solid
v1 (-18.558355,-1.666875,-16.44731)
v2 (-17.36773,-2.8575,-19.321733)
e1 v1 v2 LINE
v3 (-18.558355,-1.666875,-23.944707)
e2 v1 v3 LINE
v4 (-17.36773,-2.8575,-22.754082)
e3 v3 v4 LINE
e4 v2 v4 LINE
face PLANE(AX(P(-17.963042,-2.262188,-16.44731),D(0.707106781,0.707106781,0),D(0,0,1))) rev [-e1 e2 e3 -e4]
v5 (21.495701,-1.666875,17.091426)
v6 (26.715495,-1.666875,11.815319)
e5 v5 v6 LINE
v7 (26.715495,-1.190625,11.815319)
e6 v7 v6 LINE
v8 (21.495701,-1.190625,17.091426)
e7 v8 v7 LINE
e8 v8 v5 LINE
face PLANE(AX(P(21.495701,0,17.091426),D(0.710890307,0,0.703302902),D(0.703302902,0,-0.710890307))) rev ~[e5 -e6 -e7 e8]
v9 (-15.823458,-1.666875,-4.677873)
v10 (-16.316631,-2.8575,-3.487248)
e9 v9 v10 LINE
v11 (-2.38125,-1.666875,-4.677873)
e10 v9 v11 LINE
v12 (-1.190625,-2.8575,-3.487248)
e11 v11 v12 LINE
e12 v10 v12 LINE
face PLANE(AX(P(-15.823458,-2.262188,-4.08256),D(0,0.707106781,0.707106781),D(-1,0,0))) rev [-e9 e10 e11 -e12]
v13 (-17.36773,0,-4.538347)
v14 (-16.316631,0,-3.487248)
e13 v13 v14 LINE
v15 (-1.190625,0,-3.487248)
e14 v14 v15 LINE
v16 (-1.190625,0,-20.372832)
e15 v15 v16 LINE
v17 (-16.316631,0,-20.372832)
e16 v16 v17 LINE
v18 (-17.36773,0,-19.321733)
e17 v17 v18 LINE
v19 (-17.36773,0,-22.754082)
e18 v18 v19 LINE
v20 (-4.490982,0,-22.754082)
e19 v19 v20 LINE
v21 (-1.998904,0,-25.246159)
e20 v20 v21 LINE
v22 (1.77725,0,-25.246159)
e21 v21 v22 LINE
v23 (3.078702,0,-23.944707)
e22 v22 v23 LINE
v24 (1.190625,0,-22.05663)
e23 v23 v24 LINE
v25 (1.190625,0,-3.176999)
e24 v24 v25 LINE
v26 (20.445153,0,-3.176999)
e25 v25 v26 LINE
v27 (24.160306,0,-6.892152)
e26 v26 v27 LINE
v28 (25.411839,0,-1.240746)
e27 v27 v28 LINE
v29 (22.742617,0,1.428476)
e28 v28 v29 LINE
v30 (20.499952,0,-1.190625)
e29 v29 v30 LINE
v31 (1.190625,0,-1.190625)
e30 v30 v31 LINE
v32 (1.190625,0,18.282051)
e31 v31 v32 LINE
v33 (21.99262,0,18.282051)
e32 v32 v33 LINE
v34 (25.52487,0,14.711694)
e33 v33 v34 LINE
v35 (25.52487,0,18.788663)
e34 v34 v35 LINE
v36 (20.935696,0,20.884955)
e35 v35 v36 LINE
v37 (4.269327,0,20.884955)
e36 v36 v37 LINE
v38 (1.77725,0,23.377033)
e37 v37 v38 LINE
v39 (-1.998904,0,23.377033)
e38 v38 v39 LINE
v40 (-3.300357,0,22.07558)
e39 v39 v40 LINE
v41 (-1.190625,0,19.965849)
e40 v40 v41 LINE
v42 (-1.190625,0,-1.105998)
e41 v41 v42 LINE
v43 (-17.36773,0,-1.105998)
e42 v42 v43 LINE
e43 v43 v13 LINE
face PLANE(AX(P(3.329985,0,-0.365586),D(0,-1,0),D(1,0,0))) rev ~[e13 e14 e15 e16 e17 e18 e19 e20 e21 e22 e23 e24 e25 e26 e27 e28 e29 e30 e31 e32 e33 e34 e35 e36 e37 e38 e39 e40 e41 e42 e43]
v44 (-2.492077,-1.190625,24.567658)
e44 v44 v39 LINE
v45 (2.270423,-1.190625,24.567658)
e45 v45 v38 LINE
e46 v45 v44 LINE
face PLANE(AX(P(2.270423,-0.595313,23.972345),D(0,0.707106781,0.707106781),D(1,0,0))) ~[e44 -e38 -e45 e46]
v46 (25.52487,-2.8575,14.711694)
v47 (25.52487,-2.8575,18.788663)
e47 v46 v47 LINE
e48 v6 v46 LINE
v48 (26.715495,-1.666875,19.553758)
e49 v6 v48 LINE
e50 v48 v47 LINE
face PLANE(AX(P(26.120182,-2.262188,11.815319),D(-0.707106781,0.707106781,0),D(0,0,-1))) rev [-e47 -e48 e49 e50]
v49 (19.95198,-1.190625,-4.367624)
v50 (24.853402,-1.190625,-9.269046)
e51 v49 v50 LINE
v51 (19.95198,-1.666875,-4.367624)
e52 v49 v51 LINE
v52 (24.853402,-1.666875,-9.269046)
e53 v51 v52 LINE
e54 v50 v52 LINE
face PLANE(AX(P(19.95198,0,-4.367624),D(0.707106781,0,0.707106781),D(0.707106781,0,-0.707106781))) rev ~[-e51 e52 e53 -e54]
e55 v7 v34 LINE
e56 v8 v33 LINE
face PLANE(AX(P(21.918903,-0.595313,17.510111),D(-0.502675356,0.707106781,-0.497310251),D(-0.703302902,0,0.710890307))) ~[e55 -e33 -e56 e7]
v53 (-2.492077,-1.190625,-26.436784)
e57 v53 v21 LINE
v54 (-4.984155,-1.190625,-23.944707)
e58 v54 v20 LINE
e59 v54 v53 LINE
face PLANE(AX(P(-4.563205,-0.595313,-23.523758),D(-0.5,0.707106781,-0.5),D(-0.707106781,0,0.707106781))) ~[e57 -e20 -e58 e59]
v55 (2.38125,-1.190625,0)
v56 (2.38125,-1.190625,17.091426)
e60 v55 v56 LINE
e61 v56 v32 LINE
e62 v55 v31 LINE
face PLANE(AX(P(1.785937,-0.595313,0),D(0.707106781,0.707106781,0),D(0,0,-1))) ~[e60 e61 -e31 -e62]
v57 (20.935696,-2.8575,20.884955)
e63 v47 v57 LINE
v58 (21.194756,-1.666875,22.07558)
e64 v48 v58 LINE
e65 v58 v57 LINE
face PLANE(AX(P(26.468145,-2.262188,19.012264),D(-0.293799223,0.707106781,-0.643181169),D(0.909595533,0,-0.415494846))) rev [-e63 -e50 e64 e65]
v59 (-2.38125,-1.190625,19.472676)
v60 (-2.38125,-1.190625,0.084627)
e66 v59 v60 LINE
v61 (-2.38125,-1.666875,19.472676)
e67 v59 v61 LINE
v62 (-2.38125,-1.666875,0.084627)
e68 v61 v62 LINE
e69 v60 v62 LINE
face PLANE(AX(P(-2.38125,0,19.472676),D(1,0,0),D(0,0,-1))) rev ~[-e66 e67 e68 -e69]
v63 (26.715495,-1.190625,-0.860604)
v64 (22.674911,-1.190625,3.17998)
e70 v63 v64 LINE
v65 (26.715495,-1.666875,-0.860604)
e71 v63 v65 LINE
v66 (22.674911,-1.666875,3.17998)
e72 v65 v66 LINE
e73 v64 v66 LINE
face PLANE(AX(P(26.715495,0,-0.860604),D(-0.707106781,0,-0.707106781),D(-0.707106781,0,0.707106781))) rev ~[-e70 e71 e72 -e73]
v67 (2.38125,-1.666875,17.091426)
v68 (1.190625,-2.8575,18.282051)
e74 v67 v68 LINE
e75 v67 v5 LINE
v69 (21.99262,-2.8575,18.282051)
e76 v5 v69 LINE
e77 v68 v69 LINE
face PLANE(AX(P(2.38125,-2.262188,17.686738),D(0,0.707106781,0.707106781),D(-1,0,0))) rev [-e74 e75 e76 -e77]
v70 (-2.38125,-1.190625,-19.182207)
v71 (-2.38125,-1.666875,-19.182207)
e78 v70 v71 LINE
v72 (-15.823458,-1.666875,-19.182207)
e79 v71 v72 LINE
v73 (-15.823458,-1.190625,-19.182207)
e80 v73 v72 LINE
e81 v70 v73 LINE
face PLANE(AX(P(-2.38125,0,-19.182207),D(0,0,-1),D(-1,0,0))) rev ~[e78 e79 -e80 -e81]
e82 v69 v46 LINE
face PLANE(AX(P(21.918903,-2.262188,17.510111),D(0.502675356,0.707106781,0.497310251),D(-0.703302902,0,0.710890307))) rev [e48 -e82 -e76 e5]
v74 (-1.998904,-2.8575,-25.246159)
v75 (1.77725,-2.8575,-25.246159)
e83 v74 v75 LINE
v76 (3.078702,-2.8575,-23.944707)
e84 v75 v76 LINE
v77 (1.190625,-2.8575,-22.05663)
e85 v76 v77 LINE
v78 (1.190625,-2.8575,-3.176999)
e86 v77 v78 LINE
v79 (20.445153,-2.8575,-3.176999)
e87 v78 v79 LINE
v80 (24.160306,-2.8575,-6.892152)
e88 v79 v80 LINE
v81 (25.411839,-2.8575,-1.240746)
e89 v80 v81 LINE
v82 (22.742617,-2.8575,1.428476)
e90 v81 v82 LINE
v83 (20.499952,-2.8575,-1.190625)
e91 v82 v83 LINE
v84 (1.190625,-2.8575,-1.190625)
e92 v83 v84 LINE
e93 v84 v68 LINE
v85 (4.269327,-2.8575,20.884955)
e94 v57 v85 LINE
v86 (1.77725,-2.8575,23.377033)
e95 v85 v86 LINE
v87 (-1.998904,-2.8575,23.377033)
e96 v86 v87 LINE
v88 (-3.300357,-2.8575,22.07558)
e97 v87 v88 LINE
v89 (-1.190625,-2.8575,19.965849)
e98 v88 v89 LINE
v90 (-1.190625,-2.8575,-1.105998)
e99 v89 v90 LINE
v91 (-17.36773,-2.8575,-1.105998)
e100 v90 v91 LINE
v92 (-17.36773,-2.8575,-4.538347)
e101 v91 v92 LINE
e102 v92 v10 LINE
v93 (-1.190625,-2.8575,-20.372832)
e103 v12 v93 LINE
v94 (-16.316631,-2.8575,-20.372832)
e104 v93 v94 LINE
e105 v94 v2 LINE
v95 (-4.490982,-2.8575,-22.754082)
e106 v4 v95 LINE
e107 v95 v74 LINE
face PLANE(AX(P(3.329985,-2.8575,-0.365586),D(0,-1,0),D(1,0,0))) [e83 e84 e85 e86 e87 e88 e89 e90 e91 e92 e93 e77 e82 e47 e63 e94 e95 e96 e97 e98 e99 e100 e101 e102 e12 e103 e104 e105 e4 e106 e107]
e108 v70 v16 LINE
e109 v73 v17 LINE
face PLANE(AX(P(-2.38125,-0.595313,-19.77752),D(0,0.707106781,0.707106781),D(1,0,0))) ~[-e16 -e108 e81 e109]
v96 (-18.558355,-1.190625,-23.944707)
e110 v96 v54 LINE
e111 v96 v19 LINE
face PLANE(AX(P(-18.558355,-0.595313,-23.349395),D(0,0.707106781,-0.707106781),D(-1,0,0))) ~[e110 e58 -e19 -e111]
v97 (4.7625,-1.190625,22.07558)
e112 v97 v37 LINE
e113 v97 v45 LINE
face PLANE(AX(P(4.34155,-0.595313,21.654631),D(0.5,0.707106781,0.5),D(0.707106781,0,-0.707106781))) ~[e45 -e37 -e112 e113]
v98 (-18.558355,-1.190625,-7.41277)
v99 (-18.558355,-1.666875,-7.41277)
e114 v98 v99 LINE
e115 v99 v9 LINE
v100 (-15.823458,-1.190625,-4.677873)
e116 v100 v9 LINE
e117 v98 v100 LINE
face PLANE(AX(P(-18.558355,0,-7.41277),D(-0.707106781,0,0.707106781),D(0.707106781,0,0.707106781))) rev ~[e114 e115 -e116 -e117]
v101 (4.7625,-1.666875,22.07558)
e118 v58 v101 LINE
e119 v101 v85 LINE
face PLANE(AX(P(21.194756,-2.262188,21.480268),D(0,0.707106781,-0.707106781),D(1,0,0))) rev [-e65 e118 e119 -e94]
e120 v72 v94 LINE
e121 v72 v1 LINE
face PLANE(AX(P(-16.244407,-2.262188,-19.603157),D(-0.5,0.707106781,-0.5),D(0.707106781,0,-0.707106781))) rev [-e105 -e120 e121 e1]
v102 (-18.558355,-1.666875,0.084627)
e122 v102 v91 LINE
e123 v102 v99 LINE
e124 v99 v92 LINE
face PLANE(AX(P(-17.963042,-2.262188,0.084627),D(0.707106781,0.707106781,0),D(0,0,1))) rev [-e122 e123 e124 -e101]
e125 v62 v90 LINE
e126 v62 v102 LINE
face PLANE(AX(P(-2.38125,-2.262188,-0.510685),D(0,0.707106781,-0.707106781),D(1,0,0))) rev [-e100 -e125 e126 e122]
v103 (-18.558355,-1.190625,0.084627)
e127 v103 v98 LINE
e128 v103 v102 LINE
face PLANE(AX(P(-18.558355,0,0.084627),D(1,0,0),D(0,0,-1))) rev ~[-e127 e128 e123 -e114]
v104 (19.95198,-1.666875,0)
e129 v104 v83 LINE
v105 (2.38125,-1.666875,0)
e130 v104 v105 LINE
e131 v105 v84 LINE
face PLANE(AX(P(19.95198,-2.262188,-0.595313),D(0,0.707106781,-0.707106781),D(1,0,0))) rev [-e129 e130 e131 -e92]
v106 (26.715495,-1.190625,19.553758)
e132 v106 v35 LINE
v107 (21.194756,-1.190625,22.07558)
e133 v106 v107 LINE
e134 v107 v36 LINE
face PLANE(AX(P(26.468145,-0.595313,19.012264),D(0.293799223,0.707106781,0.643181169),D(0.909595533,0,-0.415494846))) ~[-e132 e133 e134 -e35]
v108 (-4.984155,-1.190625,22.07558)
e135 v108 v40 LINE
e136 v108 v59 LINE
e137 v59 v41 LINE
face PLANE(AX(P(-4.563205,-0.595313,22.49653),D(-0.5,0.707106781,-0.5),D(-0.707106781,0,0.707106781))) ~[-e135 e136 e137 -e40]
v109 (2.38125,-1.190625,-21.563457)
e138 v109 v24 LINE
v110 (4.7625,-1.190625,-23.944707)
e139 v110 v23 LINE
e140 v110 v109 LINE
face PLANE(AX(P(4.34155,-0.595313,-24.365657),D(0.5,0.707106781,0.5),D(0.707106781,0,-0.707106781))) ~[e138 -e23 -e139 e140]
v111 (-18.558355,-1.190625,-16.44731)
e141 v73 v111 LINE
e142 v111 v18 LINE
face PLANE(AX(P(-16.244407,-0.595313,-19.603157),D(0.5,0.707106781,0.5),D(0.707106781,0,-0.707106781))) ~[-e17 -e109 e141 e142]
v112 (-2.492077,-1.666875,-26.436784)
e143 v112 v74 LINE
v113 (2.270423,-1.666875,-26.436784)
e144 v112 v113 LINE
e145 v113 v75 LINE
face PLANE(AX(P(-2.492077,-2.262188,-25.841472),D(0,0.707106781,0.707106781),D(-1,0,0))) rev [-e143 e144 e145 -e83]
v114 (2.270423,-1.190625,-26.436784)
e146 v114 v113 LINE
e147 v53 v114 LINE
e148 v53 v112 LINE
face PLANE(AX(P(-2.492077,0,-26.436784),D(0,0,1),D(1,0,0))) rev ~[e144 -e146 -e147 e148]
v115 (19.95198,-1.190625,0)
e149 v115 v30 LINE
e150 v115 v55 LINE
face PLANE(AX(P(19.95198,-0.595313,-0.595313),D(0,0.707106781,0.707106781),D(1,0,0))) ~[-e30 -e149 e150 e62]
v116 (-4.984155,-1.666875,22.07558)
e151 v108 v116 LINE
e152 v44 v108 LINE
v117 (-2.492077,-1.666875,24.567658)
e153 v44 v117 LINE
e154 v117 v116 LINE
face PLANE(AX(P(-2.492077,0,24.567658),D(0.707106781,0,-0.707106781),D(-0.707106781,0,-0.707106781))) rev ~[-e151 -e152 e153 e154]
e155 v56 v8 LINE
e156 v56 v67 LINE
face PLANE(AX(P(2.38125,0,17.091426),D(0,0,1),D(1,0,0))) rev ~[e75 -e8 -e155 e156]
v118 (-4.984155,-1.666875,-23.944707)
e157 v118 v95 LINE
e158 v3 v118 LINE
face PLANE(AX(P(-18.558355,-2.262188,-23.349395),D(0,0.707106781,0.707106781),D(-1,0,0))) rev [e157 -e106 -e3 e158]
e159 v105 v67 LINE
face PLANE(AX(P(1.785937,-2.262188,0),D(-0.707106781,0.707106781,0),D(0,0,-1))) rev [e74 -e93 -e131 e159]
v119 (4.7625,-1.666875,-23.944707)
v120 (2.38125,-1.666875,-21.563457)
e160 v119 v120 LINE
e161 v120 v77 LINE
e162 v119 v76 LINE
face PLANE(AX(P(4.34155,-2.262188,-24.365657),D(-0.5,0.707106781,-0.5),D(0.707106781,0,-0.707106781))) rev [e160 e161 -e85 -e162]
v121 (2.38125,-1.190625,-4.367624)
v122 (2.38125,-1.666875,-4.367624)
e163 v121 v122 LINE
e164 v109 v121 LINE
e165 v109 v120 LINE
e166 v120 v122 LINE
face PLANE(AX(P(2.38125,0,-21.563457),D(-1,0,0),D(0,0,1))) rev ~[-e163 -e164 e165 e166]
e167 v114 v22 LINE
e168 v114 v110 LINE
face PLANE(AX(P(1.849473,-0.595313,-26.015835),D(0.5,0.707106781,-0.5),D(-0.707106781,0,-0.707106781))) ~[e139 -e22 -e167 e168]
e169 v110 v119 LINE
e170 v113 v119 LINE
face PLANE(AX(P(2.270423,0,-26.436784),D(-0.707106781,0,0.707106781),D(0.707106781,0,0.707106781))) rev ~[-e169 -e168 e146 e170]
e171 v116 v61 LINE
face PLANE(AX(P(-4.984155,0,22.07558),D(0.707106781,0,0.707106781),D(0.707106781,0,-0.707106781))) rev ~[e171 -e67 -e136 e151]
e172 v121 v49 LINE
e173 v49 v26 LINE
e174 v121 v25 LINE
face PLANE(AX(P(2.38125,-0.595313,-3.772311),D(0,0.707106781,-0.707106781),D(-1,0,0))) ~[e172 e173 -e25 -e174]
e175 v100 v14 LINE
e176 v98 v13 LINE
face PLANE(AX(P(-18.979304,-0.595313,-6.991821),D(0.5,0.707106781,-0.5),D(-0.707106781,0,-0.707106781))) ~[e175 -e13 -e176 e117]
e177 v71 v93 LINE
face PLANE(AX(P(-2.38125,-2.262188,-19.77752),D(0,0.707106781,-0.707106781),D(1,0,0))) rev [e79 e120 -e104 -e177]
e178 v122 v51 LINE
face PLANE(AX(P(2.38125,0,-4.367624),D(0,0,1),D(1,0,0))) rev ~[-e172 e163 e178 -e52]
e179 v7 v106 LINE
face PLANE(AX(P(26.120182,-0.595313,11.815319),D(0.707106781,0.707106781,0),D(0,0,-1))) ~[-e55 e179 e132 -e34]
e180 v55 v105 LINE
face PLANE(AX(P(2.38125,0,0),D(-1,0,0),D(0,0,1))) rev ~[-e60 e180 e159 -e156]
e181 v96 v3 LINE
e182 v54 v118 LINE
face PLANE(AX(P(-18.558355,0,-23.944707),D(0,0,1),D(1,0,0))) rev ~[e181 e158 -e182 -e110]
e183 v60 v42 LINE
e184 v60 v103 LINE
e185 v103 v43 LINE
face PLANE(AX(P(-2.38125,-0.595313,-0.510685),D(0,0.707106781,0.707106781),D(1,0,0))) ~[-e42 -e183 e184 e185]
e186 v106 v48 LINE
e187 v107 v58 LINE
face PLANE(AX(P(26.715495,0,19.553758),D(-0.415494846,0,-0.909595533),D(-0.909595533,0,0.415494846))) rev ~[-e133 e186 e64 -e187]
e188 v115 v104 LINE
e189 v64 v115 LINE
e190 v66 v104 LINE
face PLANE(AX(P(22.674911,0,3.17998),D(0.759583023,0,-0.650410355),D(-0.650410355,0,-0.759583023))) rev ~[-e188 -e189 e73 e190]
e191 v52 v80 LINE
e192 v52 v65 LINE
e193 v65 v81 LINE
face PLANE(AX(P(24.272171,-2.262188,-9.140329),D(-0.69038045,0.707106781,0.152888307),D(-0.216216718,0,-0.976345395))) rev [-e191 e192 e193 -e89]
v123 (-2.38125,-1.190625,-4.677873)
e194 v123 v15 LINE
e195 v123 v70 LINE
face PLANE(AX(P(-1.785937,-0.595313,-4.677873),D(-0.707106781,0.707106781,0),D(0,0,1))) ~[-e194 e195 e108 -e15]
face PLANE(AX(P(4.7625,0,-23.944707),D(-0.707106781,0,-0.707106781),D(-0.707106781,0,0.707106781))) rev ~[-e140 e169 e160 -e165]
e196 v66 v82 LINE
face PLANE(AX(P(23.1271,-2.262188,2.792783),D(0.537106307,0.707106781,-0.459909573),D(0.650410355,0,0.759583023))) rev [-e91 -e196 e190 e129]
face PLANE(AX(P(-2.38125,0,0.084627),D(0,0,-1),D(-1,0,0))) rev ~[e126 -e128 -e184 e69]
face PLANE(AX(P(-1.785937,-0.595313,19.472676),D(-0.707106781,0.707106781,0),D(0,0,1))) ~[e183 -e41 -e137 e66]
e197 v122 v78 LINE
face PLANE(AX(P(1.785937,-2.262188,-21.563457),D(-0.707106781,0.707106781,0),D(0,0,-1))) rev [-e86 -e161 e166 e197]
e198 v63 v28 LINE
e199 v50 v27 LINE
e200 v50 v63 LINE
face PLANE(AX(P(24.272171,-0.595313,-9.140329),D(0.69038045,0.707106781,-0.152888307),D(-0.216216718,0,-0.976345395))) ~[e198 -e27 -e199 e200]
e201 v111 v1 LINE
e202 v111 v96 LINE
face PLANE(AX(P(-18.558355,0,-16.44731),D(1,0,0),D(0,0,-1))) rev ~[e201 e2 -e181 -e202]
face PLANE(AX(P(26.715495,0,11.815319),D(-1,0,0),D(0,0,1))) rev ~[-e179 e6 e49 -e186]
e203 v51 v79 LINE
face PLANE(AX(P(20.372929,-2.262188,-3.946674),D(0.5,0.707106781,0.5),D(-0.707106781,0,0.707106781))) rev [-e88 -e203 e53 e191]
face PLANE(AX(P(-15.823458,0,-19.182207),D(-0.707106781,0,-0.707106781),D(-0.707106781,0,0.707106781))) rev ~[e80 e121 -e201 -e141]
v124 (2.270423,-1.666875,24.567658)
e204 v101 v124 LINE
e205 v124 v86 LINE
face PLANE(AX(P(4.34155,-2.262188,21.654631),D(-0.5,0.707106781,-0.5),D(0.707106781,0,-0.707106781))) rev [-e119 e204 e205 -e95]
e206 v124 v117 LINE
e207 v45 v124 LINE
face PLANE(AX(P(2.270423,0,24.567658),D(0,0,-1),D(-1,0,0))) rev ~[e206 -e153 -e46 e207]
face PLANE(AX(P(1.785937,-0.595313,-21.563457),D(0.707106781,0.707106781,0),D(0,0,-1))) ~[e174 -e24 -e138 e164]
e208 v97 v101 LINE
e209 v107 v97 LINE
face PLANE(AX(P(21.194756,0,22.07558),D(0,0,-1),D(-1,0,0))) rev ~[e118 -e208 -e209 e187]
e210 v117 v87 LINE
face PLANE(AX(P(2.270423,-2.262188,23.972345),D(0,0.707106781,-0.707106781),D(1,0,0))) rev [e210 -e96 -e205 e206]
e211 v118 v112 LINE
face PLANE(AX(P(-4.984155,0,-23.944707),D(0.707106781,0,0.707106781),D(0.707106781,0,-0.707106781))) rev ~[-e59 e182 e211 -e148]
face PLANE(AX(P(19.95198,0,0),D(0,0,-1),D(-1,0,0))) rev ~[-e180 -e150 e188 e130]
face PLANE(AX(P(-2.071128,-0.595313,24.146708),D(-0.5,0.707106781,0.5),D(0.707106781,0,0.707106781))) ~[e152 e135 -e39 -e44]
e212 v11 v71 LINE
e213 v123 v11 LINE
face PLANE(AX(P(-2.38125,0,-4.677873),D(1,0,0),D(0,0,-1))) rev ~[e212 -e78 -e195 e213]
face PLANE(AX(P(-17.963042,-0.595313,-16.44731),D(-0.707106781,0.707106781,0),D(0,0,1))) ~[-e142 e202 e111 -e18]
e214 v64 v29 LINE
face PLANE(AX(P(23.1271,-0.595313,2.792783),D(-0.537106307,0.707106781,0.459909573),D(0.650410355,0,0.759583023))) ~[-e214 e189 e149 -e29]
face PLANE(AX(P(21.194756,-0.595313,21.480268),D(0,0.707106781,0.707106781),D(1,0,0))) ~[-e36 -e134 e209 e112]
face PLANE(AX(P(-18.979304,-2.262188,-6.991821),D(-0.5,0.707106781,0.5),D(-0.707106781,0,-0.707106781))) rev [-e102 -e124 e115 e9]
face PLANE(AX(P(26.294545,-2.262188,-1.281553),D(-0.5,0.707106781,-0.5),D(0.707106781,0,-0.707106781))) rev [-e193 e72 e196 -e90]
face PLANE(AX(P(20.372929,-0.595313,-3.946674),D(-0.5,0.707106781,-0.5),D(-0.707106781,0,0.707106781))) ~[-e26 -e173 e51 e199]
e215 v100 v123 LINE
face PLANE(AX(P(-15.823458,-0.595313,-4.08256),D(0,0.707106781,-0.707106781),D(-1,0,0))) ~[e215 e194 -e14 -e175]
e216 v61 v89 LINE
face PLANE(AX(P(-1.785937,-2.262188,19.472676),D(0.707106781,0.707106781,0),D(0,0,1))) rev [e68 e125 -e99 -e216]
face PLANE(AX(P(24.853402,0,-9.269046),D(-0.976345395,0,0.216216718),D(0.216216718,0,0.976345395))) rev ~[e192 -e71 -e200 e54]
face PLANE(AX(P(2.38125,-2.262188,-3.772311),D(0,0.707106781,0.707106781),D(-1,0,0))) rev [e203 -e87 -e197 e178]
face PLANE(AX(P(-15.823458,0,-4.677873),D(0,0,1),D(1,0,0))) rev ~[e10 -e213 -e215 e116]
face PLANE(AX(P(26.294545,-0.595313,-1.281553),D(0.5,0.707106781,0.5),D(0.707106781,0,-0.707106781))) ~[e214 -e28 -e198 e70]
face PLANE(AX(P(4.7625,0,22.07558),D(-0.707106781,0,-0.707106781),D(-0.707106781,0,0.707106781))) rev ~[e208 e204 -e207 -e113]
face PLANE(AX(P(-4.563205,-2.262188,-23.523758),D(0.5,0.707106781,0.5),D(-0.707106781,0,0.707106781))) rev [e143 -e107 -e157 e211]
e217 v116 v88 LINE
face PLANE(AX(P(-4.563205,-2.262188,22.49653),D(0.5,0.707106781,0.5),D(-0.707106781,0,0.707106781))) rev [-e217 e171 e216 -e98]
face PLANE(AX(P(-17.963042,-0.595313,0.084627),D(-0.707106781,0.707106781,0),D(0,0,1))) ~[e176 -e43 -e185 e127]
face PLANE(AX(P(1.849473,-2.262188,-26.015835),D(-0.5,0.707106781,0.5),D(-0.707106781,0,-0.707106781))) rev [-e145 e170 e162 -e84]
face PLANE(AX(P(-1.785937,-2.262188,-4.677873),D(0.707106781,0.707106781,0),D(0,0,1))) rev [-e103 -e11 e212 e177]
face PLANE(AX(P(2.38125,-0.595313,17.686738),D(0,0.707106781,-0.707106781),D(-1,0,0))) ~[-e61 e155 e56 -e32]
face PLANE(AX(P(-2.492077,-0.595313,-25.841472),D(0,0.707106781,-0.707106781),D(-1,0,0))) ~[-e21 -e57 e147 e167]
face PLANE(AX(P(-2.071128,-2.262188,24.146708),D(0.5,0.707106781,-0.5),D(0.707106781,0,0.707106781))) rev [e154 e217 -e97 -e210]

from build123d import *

# Parameters (mm, degrees)
F1_DEPTH = 3.81
F2_SIZE  = 1.5875
F3_SCALE = 0.75


with BuildPart() as f1:
    # F0 (on Front) → F1 (new body)
    with BuildSketch(Plane.XZ):
        Polygon((-6.6455395231, 29.4341069916), (-3.175, 25.9635674685), (-3.175, 0.1128360473), (-24.7444733058, 0.1128360473), (-24.7444733058, -9.883693457), (-21.0979438016, -6.2371639527), (-3.175, -6.2371639527), (-3.175, -25.5762760587), (-21.0979438016, -25.5762760587), (-24.7444733058, -21.9297465545), (-24.7444733058, -31.9262760587), (-22.1278171024, -31.9262760587), (-6.6455395231, -31.9262760587), (-3.3227697615, -35.2490458202), (3.0272302385, -35.2490458202), (6.35, -31.9262760587), (3.175, -28.7512760587), (3.175, -5.8234985377), (26.6026397626, -5.8234985377), (33.1378690898, -12.3587278649), (35.6206595898, -1.1474714229), (30.2332143891, 4.2399737777), (26.6026397626, 0), (3.175, 0), (3.175, 22.7885674685), (28.6609344184, 22.7885674685), (35.6206595898, 15.7537590712), (35.6206595898, 26.0716768982), (28.2596744327, 29.4341069916), (6.35, 29.4341069916), (3.0272302385, 32.7568767531), (-3.3227697615, 32.7568767531), align=None)
    extrude(amount=F1_DEPTH)

    # F2
    f2_edges = [f1.edges().sort_by_distance(p)[0] for p in [
        (17.304837, -3.81, 29.434107),
        (4.688615, -3.81, 31.095492),
        (-0.14777, -3.81, 32.756877),
        (-4.984155, -3.81, 31.095492),
        (-4.91027, -3.81, 27.698837),
        (-3.175, -3.81, 13.038202),
        (-13.959737, -3.81, 0.112836),
        (-24.744473, -3.81, -4.885429),
        (-22.921209, -3.81, -8.060429),
        (-12.136472, -3.81, -6.237164),
        (-3.175, -3.81, -15.90672),
        (-12.136472, -3.81, -25.576276),
        (-22.921209, -3.81, -23.753011),
        (-24.744473, -3.81, -26.928011),
        (-15.695006, -3.81, -31.926276),
        (-4.984155, -3.81, -33.587661),
        (-0.14777, -3.81, -35.249046),
        (4.688615, -3.81, -33.587661),
        (4.7625, -3.81, -30.338776),
        (3.175, -3.81, -17.287387),
        (14.88882, -3.81, -5.823499),
        (29.870254, -3.81, -9.091113),
        (34.379264, -3.81, -6.7531),
        (32.926937, -3.81, 1.546251),
        (28.417927, -3.81, 2.119987),
        (14.88882, -3.81, 0),
        (3.175, -3.81, 11.394284),
        (15.917967, -3.81, 22.788567),
        (32.140797, -3.81, 19.271163),
        (35.62066, -3.81, 20.912718),
        (31.940167, -3.81, 27.752892),
        (17.304837, 0, 29.434107),
        (4.688615, 0, 31.095492),
        (-0.14777, 0, 32.756877),
        (-4.984155, 0, 31.095492),
        (-4.91027, 0, 27.698837),
        (-3.175, 0, 13.038202),
        (-13.959737, 0, 0.112836),
        (-24.744473, 0, -4.885429),
        (-22.921209, 0, -8.060429),
        (-12.136472, 0, -6.237164),
        (-3.175, 0, -15.90672),
        (-12.136472, 0, -25.576276),
        (-22.921209, 0, -23.753011),
        (-24.744473, 0, -26.928011),
        (-15.695006, 0, -31.926276),
        (-4.984155, 0, -33.587661),
        (-0.14777, 0, -35.249046),
        (4.688615, 0, -33.587661),
        (4.7625, 0, -30.338776),
        (3.175, 0, -17.287387),
        (14.88882, 0, -5.823499),
        (29.870254, 0, -9.091113),
        (34.379264, 0, -6.7531),
        (32.926937, 0, 1.546251),
        (28.417927, 0, 2.119987),
        (14.88882, 0, 0),
        (3.175, 0, 11.394284),
        (15.917967, 0, 22.788567),
        (32.140797, 0, 19.271163),
        (35.62066, 0, 20.912718),
        (31.940167, 0, 27.752892),
    ]]
    chamfer(f2_edges, length=F2_SIZE)


with BuildPart() as f1_1:
    # F3: moved
    add(f1.part.scale(F3_SCALE))


solid = f1_1.part
